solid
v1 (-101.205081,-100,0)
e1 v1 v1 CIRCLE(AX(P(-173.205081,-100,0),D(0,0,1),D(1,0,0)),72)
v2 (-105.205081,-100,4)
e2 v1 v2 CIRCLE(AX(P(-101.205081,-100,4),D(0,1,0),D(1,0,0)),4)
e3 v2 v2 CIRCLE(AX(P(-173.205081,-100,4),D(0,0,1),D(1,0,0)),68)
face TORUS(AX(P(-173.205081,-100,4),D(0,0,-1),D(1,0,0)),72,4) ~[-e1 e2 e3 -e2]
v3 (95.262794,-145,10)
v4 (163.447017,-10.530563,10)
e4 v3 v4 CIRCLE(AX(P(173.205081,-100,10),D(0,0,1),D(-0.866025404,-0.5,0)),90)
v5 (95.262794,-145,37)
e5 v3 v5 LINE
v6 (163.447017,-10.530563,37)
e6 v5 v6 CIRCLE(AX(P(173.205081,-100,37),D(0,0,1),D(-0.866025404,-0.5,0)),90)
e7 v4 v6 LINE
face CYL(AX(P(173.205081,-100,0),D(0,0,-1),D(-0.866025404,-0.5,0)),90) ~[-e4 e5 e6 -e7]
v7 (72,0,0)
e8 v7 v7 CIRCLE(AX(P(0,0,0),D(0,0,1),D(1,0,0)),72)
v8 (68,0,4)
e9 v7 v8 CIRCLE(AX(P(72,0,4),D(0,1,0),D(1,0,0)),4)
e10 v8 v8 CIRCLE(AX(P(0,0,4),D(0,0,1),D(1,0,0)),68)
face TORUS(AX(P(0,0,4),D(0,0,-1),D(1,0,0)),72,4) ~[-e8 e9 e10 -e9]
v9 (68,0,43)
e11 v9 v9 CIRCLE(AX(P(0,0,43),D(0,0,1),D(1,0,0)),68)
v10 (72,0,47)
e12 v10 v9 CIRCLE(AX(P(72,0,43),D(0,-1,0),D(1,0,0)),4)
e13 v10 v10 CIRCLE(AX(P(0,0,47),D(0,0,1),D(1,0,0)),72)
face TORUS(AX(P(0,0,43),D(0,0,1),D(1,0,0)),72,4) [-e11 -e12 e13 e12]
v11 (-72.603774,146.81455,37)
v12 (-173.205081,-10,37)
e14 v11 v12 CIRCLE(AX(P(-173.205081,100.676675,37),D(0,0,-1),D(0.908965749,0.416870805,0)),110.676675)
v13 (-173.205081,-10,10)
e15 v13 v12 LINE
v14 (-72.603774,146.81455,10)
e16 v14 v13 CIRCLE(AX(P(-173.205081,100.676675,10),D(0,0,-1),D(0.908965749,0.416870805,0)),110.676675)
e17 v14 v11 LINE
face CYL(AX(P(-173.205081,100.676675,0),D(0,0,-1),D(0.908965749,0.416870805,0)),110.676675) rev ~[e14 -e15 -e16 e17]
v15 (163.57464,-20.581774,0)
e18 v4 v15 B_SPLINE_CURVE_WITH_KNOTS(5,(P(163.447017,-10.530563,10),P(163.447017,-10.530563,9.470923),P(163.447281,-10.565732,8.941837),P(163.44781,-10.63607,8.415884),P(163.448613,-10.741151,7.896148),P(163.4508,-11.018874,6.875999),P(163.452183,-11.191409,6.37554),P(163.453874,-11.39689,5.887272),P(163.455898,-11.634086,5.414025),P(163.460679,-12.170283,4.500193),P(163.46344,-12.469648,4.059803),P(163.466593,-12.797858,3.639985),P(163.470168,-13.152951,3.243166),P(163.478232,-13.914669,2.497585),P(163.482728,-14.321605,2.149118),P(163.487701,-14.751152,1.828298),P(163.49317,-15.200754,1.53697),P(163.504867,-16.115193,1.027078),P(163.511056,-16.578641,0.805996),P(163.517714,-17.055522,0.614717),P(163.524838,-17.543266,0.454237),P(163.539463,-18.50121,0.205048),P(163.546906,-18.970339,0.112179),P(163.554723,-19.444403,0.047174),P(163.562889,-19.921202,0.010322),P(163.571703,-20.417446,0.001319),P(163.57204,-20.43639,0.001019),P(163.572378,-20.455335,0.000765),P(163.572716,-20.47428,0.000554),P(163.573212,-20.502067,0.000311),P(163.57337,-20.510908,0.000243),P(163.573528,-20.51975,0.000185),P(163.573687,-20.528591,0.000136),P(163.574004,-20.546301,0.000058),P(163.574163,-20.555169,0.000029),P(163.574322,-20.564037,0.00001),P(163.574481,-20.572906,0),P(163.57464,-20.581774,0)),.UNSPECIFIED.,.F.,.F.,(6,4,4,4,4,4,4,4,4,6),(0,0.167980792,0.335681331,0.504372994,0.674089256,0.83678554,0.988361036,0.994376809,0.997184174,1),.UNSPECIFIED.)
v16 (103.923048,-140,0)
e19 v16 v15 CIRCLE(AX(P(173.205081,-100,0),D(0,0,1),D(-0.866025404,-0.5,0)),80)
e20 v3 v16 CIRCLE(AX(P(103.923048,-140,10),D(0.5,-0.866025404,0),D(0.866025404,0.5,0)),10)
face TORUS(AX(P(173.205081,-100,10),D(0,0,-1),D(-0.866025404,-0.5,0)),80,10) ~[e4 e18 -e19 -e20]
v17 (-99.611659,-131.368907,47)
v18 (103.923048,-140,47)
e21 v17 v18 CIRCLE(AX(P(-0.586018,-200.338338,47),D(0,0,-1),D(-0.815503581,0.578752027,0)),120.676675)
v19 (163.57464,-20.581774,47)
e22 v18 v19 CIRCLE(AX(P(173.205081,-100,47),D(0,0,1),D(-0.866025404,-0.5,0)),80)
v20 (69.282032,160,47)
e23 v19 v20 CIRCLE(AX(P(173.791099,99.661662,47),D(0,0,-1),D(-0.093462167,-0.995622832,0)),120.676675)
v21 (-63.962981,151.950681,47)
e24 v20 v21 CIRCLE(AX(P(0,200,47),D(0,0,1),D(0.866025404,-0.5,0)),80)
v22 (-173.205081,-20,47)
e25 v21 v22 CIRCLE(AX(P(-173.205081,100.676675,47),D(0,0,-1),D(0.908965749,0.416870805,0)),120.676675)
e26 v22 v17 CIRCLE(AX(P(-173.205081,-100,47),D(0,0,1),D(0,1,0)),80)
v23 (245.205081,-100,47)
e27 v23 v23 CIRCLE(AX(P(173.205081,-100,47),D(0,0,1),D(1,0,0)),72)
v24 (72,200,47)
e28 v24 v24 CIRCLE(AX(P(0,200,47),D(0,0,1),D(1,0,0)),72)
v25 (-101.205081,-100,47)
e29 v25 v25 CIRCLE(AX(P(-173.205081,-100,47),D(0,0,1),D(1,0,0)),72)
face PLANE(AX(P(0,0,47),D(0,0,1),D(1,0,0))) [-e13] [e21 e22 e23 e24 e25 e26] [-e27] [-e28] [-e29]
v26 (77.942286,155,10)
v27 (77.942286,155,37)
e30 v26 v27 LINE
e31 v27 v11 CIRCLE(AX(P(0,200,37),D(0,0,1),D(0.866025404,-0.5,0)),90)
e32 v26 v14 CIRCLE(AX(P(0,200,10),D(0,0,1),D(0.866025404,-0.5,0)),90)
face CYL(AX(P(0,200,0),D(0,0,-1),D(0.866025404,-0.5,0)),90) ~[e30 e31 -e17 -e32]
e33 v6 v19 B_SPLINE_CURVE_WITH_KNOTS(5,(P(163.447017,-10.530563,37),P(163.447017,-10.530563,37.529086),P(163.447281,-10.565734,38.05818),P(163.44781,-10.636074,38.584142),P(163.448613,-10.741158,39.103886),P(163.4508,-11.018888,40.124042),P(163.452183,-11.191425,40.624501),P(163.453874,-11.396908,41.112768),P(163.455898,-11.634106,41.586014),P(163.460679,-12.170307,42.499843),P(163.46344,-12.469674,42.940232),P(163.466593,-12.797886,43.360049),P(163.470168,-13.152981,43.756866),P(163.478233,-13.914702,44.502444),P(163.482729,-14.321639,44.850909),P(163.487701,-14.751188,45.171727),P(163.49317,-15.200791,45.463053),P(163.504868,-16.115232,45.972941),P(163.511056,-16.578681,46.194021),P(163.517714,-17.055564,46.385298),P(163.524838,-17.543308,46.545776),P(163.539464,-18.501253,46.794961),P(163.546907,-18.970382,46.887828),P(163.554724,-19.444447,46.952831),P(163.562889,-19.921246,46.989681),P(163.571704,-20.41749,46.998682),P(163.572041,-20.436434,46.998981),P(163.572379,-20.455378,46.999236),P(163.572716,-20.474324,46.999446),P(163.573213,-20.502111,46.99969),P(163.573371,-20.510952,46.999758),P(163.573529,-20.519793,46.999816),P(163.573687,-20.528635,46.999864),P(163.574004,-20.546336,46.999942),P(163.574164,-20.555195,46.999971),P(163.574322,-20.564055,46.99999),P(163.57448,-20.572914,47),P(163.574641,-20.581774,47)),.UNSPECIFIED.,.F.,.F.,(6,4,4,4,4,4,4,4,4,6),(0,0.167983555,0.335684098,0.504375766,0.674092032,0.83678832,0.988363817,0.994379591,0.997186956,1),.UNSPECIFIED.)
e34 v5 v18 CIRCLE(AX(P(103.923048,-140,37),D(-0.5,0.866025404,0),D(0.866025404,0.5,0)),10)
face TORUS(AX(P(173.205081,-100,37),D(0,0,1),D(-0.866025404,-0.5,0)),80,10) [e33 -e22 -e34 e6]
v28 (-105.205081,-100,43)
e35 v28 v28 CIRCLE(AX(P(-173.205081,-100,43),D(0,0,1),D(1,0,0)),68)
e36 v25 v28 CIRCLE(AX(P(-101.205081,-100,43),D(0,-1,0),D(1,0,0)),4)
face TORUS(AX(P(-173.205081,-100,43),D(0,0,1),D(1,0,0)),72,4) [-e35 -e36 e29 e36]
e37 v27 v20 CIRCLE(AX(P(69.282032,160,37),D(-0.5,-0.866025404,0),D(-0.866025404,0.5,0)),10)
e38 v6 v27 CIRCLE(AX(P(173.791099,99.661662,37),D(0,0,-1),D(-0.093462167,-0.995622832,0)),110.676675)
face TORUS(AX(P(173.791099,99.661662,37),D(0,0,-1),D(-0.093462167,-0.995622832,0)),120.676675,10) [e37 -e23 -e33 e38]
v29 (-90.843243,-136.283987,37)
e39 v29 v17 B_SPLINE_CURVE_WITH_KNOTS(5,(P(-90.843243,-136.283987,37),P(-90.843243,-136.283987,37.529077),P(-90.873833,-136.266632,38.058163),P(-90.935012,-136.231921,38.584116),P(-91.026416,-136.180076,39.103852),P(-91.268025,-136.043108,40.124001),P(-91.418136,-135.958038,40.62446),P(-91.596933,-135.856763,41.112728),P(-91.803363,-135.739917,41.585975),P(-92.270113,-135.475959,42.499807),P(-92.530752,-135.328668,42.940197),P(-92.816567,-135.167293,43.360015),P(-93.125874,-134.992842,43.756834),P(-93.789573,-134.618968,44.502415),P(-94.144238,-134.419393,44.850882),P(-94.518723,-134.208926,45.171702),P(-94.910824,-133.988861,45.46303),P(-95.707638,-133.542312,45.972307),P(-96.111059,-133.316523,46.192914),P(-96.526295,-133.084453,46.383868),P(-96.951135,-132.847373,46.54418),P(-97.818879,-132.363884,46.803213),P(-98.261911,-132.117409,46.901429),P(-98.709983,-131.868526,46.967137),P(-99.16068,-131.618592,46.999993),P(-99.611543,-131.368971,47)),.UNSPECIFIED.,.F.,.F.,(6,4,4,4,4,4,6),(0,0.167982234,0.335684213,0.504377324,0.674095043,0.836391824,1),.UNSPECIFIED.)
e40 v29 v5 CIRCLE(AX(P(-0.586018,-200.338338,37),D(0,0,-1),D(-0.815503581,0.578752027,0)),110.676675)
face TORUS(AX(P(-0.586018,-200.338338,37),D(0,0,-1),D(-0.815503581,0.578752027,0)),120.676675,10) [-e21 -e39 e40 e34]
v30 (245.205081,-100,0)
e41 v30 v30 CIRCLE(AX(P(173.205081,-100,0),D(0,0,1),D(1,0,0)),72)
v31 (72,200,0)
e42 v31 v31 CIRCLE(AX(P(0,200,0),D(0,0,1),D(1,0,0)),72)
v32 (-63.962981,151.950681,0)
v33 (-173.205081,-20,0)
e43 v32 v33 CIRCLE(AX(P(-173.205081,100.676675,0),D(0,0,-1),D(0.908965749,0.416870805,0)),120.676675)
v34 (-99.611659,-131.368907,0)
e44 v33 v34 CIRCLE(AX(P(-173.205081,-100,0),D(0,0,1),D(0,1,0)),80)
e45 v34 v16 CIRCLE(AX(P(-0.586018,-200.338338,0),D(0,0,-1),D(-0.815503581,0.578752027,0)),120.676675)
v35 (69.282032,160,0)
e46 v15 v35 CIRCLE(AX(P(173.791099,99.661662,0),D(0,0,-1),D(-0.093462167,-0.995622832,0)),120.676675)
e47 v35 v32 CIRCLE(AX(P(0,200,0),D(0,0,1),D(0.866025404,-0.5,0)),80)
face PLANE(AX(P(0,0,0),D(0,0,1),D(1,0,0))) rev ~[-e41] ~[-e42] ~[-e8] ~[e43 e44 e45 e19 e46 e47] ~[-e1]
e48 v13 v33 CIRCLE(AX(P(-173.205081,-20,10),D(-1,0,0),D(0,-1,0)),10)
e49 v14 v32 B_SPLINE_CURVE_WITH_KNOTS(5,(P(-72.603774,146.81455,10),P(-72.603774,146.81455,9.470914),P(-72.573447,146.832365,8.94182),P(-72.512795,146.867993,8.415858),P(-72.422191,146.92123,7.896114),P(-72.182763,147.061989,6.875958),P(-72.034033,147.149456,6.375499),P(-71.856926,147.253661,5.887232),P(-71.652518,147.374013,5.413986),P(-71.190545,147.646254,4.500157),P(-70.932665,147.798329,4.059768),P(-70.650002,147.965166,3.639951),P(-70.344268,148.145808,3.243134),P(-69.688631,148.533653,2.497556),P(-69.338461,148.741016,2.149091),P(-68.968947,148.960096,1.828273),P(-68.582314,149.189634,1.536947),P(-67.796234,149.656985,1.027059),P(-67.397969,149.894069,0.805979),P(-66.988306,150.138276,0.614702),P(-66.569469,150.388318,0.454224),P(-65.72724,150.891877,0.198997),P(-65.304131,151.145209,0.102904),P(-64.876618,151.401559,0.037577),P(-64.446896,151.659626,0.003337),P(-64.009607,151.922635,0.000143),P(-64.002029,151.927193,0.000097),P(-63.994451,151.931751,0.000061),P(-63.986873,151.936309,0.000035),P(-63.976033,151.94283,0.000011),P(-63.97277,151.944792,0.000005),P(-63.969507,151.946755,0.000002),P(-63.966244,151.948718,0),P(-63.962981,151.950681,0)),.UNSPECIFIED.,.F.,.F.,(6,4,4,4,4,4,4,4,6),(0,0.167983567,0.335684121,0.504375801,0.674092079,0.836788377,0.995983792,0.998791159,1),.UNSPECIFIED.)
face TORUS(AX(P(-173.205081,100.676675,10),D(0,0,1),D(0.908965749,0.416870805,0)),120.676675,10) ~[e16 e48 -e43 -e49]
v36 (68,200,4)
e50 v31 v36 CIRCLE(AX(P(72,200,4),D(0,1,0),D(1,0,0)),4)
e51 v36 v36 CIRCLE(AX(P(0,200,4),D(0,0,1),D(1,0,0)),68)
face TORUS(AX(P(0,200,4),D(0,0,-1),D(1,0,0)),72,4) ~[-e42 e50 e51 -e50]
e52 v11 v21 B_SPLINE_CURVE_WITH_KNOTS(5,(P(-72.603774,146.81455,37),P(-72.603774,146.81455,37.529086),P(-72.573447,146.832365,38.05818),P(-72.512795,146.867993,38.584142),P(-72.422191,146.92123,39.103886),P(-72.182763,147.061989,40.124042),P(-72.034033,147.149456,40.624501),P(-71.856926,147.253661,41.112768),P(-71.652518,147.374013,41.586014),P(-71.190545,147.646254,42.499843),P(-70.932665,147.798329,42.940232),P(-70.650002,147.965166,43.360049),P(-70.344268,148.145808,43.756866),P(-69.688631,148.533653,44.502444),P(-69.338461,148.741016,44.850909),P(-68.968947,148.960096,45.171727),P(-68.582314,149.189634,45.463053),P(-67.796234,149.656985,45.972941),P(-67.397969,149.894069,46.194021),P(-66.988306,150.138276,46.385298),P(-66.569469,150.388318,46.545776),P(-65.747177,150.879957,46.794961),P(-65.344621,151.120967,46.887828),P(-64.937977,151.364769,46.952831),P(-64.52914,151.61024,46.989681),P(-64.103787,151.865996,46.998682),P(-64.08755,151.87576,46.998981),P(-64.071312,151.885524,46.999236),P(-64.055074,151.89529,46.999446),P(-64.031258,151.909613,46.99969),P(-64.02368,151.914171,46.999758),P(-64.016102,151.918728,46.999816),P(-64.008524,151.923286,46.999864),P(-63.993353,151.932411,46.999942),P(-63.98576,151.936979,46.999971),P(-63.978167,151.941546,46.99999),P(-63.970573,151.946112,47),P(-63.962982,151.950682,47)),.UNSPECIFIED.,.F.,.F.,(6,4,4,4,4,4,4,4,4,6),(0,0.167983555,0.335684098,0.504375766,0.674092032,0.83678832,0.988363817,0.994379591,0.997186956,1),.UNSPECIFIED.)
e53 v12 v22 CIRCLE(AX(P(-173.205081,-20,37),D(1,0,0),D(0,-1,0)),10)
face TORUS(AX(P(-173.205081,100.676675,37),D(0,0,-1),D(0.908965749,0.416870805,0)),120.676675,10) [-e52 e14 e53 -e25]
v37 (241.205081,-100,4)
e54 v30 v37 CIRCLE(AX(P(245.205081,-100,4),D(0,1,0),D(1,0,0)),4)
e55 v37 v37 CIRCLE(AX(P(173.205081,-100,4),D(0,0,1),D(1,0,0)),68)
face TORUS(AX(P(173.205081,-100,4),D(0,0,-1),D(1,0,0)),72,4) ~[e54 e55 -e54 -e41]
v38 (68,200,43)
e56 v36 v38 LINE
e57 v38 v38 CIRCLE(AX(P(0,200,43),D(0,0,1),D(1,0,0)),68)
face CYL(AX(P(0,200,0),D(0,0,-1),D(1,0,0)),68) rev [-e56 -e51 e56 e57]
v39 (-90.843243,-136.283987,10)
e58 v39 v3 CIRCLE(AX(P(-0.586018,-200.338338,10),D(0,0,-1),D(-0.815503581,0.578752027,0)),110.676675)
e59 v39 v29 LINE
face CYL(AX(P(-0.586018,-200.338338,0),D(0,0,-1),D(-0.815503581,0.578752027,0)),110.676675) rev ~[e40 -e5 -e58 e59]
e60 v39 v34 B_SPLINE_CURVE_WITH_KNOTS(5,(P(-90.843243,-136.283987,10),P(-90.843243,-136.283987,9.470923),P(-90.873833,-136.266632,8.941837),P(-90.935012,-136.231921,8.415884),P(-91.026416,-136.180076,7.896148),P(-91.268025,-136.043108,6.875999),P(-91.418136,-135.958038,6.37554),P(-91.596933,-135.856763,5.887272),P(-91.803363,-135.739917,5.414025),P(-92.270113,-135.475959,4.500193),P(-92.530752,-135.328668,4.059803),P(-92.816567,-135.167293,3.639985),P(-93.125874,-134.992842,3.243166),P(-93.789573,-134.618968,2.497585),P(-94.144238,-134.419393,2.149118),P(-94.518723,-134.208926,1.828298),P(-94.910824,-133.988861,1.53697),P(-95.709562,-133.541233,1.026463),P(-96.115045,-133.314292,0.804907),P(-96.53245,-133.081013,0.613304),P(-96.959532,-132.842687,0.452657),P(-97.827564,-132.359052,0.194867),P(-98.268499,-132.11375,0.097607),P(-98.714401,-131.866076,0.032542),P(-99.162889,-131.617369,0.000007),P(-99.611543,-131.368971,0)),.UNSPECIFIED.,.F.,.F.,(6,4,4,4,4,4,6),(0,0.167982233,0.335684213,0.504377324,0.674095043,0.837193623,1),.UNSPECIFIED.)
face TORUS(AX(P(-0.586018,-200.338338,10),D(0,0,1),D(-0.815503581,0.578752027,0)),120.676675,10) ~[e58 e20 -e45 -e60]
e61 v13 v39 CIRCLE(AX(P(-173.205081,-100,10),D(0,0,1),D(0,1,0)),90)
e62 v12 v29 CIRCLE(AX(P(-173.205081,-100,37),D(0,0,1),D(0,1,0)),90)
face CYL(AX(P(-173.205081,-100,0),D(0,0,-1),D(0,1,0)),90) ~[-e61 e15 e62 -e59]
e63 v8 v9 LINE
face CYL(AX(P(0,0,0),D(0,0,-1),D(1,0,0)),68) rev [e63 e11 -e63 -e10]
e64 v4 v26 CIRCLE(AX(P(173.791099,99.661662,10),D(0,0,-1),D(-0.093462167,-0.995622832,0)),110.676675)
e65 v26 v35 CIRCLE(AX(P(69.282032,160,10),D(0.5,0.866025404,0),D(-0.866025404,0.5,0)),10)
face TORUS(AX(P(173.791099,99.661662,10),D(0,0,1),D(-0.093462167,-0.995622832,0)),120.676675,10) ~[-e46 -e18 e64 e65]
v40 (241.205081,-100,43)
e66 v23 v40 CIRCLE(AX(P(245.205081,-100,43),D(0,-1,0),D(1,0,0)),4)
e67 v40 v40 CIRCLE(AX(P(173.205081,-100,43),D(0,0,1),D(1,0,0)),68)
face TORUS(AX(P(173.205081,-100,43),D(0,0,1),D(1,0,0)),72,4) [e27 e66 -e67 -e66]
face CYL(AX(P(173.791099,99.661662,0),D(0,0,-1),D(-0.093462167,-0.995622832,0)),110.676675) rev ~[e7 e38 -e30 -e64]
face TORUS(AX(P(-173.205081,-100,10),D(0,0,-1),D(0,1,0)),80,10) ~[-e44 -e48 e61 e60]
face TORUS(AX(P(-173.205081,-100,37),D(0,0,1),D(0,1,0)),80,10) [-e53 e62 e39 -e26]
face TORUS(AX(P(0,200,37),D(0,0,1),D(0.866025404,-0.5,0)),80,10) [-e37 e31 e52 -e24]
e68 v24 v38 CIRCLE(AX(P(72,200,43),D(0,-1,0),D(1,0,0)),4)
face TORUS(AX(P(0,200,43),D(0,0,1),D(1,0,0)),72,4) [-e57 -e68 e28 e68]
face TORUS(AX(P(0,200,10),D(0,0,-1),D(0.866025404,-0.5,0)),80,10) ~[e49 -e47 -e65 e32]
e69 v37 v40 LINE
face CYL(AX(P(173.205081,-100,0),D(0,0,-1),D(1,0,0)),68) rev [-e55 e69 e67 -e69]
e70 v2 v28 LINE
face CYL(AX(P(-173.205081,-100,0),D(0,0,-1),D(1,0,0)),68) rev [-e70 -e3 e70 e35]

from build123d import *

# Parameters (mm, degrees)
SKETCH1_R           = 68
BOSS_EXTRUDE1_DEPTH = 47
FILLET1_R           = 10
FILLET2_R           = 4


with BuildPart() as part:
    # Sketch1 → Boss-Extrude1 (new body)
    with BuildSketch(Plane.XY):
        with BuildLine():
            ThreePointArc((77.942286341, 155), (-4.886238474, 289.867261411), (-72.603773577, 146.814550276))
            ThreePointArc((-72.603773577, 146.814550276), (-80.050067225, 40.914898819), (-173.205080757, -10))
            ThreePointArc((-173.205080757, -10), (-248.589292871, -149.165237353), (-90.843243396, -136.283987467))
            ThreePointArc((-90.843243396, -136.283987467), (4.591691842, -89.782841201), (95.262794416, -145))
            ThreePointArc((95.262794416, -145), (253.475531345, -140.702024058), (163.447016973, -10.530562809))
            ThreePointArc((163.447016973, -10.530562809), (75.458375383, 48.867942382), (77.942286341, 155))
        make_face()
        Circle(SKETCH1_R, mode=Mode.SUBTRACT)
        with Locations((-173.205080757, -100)):
            Circle(SKETCH1_R, mode=Mode.SUBTRACT)
        with Locations((173.205080757, -100)):
            Circle(SKETCH1_R, mode=Mode.SUBTRACT)
        with Locations((0, 200)):
            Circle(SKETCH1_R, mode=Mode.SUBTRACT)
    extrude(amount=BOSS_EXTRUDE1_DEPTH)

    # Fillet1
    fillet1_edges = [part.edges().sort_by_distance(p)[0] for p in [
        (4.591691842, -89.782841201, 47),
        (253.475531345, -140.702024058, 47),
        (75.458375383, 48.867942382, 47),
        (-4.886238474, 289.867261411, 47),
        (-80.050067225, 40.914898819, 47),
        (-4.886238474, 289.867261411, 0),
        (75.458375383, 48.867942382, 0),
        (253.475531345, -140.702024058, 0),
        (-248.589292871, -149.165237353, 47),
        (4.591691842, -89.782841201, 0),
        (-248.589292871, -149.165237353, 0),
        (-80.050067225, 40.914898819, 0),
    ]]
    fillet(fillet1_edges, radius=FILLET1_R)

    # Fillet2
    fillet2_edges = [part.edges().sort_by_distance(p)[0] for p in [
        (-68, 0, 0),
        (-68, 0, 47),
        (-241.205080757, -100, 0),
        (-241.205080757, -100, 47),
        (105.205080757, -100, 0),
        (105.205080757, -100, 47),
        (-68, 200, 0),
        (-68, 200, 47),
    ]]
    fillet(fillet2_edges, radius=FILLET2_R)


solid = part.part
